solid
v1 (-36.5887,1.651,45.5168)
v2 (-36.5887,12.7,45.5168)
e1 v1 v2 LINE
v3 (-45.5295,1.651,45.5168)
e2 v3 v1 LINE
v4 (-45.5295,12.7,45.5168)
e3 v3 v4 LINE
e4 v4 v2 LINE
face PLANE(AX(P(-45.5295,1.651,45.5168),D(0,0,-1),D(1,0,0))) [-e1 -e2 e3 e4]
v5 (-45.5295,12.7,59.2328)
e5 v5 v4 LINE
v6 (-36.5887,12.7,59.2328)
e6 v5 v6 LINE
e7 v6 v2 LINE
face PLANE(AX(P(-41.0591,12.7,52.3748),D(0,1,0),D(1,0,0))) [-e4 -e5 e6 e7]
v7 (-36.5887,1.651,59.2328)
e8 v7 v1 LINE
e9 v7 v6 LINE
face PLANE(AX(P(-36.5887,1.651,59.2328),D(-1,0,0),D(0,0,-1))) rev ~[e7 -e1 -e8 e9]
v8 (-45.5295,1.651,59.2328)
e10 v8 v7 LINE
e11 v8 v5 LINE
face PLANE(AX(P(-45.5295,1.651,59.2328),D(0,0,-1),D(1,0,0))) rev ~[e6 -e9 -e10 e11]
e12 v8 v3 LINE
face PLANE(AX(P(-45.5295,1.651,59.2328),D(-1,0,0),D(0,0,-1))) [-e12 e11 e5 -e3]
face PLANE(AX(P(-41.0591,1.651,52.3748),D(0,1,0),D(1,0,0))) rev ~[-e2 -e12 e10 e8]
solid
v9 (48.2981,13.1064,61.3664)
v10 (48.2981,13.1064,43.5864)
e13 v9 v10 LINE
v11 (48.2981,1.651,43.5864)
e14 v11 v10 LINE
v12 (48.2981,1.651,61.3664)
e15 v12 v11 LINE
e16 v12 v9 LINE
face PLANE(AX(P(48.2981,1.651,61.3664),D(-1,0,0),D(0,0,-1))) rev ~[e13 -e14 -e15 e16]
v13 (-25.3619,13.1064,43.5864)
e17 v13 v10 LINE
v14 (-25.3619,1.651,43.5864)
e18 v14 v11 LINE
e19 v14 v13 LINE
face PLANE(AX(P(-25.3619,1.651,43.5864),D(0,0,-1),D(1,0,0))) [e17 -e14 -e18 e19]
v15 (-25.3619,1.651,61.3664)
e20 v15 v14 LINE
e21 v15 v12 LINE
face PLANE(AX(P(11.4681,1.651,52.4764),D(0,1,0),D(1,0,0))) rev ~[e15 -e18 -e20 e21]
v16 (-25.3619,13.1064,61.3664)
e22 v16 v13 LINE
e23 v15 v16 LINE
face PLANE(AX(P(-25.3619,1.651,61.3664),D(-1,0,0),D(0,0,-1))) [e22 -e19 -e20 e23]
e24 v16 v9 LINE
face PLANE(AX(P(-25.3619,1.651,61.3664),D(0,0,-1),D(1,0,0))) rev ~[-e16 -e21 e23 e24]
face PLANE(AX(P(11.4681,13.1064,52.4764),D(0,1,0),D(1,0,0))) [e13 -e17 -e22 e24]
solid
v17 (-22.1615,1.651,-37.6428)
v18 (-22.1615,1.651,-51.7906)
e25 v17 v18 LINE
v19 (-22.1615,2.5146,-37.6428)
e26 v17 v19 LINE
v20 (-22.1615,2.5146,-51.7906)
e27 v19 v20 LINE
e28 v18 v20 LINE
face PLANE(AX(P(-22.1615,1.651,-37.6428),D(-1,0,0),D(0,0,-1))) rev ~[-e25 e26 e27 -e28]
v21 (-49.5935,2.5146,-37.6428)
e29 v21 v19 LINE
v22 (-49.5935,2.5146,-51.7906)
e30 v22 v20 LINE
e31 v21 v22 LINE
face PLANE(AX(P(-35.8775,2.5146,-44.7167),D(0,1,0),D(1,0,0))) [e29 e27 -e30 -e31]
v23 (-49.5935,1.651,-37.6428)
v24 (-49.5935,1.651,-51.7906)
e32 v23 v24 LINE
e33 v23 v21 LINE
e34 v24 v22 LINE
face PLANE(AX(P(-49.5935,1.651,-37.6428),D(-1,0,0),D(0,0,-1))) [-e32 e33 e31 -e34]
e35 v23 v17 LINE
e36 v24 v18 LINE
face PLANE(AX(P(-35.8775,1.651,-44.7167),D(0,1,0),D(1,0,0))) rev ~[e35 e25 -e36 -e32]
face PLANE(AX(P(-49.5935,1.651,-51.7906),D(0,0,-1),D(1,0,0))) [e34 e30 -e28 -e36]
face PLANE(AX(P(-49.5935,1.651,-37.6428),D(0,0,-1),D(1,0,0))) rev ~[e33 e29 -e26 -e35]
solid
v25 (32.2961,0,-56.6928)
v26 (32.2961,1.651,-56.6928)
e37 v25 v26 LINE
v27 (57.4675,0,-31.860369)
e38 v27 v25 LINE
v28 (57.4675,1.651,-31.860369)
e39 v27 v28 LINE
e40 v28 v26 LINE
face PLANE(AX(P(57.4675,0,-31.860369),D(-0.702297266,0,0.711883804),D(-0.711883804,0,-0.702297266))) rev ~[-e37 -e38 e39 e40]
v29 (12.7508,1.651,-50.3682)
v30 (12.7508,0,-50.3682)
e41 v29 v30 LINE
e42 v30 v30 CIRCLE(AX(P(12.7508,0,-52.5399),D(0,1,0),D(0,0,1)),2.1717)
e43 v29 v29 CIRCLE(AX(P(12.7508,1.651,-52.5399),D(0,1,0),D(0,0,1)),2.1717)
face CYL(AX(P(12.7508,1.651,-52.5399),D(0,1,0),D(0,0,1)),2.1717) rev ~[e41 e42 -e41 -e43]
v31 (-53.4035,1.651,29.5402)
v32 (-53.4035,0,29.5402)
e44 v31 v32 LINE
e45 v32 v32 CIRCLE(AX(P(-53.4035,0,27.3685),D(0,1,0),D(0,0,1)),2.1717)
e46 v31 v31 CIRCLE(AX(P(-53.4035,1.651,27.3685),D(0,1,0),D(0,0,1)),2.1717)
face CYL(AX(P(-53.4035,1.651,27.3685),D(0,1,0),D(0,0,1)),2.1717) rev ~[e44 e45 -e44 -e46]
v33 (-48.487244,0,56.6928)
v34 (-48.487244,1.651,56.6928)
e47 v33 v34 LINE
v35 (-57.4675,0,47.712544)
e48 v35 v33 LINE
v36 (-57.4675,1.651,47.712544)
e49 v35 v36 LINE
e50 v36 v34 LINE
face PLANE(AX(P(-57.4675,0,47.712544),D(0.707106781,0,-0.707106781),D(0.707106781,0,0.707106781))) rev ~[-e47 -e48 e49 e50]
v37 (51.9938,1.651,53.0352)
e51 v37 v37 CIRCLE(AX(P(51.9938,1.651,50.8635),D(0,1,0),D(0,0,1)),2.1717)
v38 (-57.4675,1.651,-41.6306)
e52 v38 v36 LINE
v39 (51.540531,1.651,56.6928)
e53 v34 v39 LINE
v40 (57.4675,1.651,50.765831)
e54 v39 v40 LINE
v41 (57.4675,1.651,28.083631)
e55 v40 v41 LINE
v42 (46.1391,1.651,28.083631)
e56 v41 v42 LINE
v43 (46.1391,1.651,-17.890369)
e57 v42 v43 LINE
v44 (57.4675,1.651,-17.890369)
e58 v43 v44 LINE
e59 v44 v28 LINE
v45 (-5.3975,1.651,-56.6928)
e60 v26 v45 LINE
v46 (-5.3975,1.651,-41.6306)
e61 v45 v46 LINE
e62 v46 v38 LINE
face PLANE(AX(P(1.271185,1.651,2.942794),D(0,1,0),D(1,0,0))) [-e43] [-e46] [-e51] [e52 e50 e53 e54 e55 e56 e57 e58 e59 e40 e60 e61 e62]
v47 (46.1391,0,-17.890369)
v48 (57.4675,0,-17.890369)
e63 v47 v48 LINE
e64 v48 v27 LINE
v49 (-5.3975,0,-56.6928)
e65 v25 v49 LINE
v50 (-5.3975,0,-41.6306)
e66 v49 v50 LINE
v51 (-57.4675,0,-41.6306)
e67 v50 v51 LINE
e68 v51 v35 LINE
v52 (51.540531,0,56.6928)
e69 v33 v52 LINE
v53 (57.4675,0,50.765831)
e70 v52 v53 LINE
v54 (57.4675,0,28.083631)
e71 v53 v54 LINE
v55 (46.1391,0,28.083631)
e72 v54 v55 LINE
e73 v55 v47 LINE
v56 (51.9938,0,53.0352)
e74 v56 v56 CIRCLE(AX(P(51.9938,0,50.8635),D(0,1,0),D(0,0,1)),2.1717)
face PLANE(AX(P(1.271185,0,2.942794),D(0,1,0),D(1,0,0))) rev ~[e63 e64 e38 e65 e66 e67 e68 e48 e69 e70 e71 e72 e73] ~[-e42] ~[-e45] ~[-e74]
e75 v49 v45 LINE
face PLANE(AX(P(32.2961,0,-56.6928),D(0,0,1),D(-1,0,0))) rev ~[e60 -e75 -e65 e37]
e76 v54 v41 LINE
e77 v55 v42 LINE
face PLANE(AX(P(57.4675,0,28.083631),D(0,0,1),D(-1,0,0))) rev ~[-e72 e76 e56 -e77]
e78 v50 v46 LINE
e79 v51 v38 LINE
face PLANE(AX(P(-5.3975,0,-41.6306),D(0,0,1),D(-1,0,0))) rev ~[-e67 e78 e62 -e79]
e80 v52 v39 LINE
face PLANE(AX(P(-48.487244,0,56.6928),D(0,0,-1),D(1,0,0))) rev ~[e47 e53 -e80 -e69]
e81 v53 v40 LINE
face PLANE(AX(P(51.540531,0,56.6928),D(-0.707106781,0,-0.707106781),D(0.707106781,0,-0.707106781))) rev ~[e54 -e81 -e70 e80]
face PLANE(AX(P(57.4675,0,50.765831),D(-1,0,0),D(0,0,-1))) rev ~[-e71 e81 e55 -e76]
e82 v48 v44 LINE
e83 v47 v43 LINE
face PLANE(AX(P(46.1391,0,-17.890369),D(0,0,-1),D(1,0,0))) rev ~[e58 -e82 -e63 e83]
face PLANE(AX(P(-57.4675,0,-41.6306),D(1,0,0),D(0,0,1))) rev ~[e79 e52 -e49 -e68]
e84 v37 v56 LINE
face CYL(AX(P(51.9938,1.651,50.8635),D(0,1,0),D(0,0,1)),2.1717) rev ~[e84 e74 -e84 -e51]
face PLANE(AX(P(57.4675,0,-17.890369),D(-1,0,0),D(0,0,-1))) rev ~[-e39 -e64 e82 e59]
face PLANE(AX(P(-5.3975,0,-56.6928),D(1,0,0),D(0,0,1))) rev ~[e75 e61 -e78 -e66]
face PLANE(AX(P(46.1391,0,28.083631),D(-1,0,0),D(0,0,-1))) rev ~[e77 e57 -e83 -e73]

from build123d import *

# Parameters (mm, degrees)
PCB_DEPTH        = 1.651
SKETCH2_R        = 2.1717
MOUNTHOLES_DEPTH = 81.742262348
SKETCH3_W        = 73.66
SKETCH3_H        = 17.78
RJ45_DEPTH       = 11.4554
SKETCH4_W        = 27.432
SKETCH4_H        = 14.1478
ANT_DEPTH        = 0.8636
SKETCH6_W        = 8.9408
SKETCH6_H        = 13.716
POWER_DEPTH      = 11.049


with BuildPart() as part:
    # Sketch1 → PCB (new body)
    with BuildSketch(Plane(origin=(0, 0, 0), x_dir=(1, 0, 0), z_dir=(0, 1, 0))):
        Polygon((-57.4675, 41.6306), (-57.4675, -47.712543879), (-48.487243879, -56.6928), (51.54053096, -56.6928), (57.4675, -50.76583096), (57.4675, -28.08363096), (46.1391, -28.08363096), (46.1391, 17.89036904), (57.4675, 17.89036904), (57.4675, 31.86036904), (32.2961, 56.6928), (-5.3975, 56.6928), (-5.3975, 41.6306), align=None)
    extrude(amount=PCB_DEPTH)

    # Sketch2 → MountHoles (cut, through all)
    with BuildSketch(Plane(origin=(0, 1.651, 0), x_dir=(1, 0, 0), z_dir=(0, 1, 0))):
        with Locations(Location((-53.4035, -27.3685, 0), (0, 0, 270))):
            Circle(SKETCH2_R)
        with Locations(Location((12.7508, 52.5399, 0), (0, 0, 270))):
            Circle(SKETCH2_R)
        with Locations(Location((51.9938, -50.8635, 0), (0, 0, 270))):
            Circle(SKETCH2_R)
    extrude(amount=-MOUNTHOLES_DEPTH, mode=Mode.SUBTRACT)


with BuildPart() as body_2:
    # Sketch3 → RJ45 (new body)
    with BuildSketch(Plane(origin=(0, 1.651, 0), x_dir=(1, 0, 0), z_dir=(0, 1, 0))):
        with Locations((11.4681, -52.4764)):
            Rectangle(SKETCH3_W, SKETCH3_H)
    extrude(amount=RJ45_DEPTH)


with BuildPart() as body_3:
    # Sketch4 → Ant (new body)
    with BuildSketch(Plane(origin=(0, 1.651, 0), x_dir=(1, 0, 0), z_dir=(0, 1, 0))):
        with Locations((-35.8775, 44.7167)):
            Rectangle(SKETCH4_W, SKETCH4_H)
    extrude(amount=ANT_DEPTH)


with BuildPart() as body_4:
    # Sketch6 → Power (new body)
    with BuildSketch(Plane(origin=(0, 1.651, 0), x_dir=(1, 0, 0), z_dir=(0, 1, 0))):
        with Locations((-41.0591, -52.3748)):
            Rectangle(SKETCH6_W, SKETCH6_H)
    extrude(amount=POWER_DEPTH)


solid = Compound([part.part, body_2.part, body_3.part, body_4.part])
